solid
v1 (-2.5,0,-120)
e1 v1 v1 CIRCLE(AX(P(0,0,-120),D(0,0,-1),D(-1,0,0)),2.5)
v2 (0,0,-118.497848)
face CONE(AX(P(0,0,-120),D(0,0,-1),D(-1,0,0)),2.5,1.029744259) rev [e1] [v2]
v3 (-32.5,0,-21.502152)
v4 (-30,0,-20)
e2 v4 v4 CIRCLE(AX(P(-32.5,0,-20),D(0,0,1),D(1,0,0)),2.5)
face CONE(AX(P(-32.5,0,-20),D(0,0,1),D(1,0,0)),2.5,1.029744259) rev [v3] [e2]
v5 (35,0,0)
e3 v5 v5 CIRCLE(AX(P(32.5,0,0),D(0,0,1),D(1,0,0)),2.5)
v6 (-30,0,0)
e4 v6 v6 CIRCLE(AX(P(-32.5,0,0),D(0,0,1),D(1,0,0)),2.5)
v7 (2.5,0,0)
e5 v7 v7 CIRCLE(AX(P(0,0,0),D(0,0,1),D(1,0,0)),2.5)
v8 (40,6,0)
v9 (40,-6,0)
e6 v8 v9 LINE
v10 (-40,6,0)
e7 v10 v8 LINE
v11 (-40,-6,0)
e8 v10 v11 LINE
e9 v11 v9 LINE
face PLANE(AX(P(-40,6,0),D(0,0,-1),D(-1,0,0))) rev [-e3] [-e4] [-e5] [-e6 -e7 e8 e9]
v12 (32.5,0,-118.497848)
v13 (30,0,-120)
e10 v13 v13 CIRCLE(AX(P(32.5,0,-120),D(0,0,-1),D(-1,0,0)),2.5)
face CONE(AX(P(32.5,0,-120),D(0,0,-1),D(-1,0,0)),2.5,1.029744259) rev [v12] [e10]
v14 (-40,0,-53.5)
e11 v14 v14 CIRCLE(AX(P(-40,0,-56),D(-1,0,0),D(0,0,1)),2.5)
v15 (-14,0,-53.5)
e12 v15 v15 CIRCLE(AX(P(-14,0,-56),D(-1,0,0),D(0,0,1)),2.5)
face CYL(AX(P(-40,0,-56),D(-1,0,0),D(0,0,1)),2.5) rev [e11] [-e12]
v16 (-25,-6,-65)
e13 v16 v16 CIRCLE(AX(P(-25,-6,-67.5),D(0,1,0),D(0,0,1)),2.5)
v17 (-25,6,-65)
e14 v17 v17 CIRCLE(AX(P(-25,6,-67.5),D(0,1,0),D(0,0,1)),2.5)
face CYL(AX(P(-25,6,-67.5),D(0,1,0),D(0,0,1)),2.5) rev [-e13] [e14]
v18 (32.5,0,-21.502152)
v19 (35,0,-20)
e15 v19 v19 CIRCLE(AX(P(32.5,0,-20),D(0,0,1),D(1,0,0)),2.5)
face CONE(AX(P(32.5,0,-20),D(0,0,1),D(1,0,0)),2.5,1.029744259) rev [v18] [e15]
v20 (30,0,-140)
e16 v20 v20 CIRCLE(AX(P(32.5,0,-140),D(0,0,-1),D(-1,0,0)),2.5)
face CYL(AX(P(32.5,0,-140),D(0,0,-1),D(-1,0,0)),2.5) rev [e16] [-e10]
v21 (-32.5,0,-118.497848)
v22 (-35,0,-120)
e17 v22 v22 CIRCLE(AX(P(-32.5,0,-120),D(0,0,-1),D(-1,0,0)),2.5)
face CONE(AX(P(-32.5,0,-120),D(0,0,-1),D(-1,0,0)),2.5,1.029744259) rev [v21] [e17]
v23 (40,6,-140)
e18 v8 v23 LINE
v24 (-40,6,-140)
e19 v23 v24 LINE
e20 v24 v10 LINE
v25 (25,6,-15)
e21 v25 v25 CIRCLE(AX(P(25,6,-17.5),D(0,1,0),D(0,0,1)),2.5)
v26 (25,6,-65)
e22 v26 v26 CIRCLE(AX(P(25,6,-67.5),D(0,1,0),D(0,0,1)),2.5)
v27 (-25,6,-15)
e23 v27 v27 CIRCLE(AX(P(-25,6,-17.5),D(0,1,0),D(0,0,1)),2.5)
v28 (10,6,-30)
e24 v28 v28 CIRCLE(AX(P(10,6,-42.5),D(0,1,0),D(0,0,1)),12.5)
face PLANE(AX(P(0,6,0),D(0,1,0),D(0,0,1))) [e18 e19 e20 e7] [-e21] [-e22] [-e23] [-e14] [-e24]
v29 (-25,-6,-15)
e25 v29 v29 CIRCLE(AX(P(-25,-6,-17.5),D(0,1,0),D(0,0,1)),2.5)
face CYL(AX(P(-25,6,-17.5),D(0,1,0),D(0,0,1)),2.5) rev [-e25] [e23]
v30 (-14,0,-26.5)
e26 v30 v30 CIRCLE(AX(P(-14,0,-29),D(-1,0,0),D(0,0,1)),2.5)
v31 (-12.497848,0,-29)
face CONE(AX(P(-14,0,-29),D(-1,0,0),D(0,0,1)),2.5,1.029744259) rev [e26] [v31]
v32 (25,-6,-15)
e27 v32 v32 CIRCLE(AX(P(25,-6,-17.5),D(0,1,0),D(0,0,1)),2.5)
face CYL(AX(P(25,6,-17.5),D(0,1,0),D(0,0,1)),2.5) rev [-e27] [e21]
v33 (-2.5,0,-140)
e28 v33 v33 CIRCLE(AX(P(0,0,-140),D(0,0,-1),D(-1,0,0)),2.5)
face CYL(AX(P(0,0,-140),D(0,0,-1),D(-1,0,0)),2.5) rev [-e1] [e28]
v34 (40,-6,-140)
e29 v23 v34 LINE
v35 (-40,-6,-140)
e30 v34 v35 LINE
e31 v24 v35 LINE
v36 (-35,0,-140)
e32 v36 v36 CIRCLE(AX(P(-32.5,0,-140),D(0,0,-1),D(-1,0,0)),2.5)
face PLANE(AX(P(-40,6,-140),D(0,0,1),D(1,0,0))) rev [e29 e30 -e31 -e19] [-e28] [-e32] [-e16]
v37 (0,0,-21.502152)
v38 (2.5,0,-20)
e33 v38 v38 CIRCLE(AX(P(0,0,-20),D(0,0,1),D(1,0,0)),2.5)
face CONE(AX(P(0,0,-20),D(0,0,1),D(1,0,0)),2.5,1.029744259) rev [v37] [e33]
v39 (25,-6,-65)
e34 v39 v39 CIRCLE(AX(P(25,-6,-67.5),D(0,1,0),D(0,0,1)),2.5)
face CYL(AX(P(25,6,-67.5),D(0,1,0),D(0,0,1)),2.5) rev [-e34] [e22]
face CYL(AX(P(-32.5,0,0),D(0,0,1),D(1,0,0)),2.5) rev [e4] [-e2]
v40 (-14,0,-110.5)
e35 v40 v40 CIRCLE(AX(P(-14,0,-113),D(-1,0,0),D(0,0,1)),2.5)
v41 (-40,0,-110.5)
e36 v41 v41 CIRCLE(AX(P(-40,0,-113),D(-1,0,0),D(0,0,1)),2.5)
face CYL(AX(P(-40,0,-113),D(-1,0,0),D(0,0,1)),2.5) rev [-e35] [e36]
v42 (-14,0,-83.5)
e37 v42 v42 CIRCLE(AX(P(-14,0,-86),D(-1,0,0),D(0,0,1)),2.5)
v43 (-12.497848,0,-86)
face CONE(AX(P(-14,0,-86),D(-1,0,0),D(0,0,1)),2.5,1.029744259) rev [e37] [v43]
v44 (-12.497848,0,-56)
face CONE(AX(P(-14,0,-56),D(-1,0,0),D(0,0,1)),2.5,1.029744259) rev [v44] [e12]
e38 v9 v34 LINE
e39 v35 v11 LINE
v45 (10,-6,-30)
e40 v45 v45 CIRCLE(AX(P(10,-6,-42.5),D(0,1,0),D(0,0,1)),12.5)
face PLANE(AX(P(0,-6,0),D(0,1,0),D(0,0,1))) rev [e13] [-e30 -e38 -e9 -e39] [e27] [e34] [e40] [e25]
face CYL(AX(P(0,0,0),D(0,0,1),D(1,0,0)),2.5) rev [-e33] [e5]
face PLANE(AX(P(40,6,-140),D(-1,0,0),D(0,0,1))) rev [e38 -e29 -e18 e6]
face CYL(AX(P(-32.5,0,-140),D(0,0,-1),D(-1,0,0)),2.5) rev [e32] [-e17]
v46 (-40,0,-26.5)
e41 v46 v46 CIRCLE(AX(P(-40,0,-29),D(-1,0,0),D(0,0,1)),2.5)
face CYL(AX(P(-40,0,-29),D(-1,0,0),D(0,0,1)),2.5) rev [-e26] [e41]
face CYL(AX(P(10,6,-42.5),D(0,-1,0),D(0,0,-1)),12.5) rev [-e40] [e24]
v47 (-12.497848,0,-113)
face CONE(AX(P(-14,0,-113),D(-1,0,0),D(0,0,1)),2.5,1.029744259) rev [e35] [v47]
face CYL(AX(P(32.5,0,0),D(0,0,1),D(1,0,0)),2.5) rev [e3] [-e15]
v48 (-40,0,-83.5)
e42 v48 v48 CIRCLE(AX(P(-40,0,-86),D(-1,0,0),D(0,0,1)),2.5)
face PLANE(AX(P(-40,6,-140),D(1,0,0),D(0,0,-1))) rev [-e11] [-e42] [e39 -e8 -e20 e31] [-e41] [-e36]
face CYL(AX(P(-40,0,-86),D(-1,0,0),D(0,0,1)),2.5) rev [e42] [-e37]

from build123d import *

# Parameters (mm, degrees)
SKETCH1_W                        = 80
SKETCH1_H                        = 140
SKETCH1_R                        = 12.5
BOSS_EXTRUDE1_DEPTH              = 6
TAP_DRILL_FOR_M6_TAP1_D          = 5
TAP_DRILL_FOR_M6_TAP2_AT_2_COUNT = 2
TAP_DRILL_FOR_M6_TAP2_AT_2_PITCH = 32.5
TAP_DRILL_FOR_M6_TAP2_AT_3_COUNT = 2
TAP_DRILL_FOR_M6_TAP2_AT_3_PITCH = 65
TAP_DRILL_FOR_M6_TAP3_D          = 5
TAP_DRILL_FOR_M6_TAP3_DEPTH      = 26
TAP_DRILL_FOR_M6_TAP3_TIP        = 1.502151548


with BuildPart() as part:
    # Sketch1 → Boss-Extrude1 (new body, symmetric)
    with BuildSketch(Plane(origin=(0, 0, 0), x_dir=(1, 0, 0), z_dir=(0, 1, 0))):
        with Locations((0, 70)):
            Rectangle(SKETCH1_W, SKETCH1_H)
        with Locations((10, 42.5)):
            Circle(SKETCH1_R, mode=Mode.SUBTRACT)
    extrude(amount=BOSS_EXTRUDE1_DEPTH, both=True)

    # Tap Drill for M6 Tap1 (through all)
    with Locations(Plane(origin=(0, 6, 0), x_dir=(1, 0, 0), z_dir=(0, 1, 0))):
        with Locations((-25, 67.5), (25, 67.5), (25, 17.5), (-25, 17.5)):
            Hole(TAP_DRILL_FOR_M6_TAP1_D / 2)

    # Sketch9 → Tap Drill for M6 Tap2 (revolve, cut)
    with BuildSketch(Plane(origin=(32.5, 0, 0), x_dir=(0, -1, 0), z_dir=(1, 0, 0))):
        Polygon((0, 0), (0, 21.502151548), (2.5, 20), (2.5, 0), align=None)
    tap_drill_for_m6_tap2 = revolve(axis=Axis((32.5, 0, 6.35), (0, 0, -1)), mode=Mode.SUBTRACT)

    # Tap Drill for M6 Tap2 at 2: Tap Drill for M6 Tap2 ×2
    with Locations(*[(-i * TAP_DRILL_FOR_M6_TAP2_AT_2_PITCH, 0, 0) for i in range(1, TAP_DRILL_FOR_M6_TAP2_AT_2_COUNT)]):
        add(tap_drill_for_m6_tap2, mode=Mode.SUBTRACT)

    # Tap Drill for M6 Tap2 at 3: Tap Drill for M6 Tap2 ×2
    with Locations(*[(-i * TAP_DRILL_FOR_M6_TAP2_AT_3_PITCH, 0, 0) for i in range(1, TAP_DRILL_FOR_M6_TAP2_AT_3_COUNT)]):
        add(tap_drill_for_m6_tap2, mode=Mode.SUBTRACT)

    # Mirror1: Tap Drill for M6 Tap2 across plane
    add(tap_drill_for_m6_tap2.mirror(Plane(origin=(0, 0, -70), x_dir=(1, 0, 0), z_dir=(0, 0, -1))), mode=Mode.SUBTRACT)

    # Mirror1 copy 1 sketch → Mirror1 copy 1 (revolve, cut)
    with BuildSketch(Plane(origin=(0, 0, -140), x_dir=(0, -1, 0), z_dir=(1, 0, 0))):
        Polygon((0, 0), (0, -21.502151548), (2.5, -20), (2.5, 0), align=None)
    revolve(axis=Axis((0, 0, -146.35), (0, 0, -1)), mode=Mode.SUBTRACT)

    # Mirror1 copy 2 sketch → Mirror1 copy 2 (revolve, cut)
    with BuildSketch(Plane(origin=(-32.5, 0, -140), x_dir=(0, -1, 0), z_dir=(1, 0, 0))):
        Polygon((0, 0), (0, -21.502151548), (2.5, -20), (2.5, 0), align=None)
    revolve(axis=Axis((-32.5, 0, -146.35), (0, 0, -1)), mode=Mode.SUBTRACT)

    # Tap Drill for M6 Tap3
    with Locations(Plane.ZY.offset(40)):
        with Locations((-113, 0), (-86, 0), (-56, 0), (-29, 0)):
            Hole(TAP_DRILL_FOR_M6_TAP3_D / 2, depth=TAP_DRILL_FOR_M6_TAP3_DEPTH)
            with Locations((0, 0, -(TAP_DRILL_FOR_M6_TAP3_DEPTH + TAP_DRILL_FOR_M6_TAP3_TIP / 2))):  # 118° drill point
                Cone(0, TAP_DRILL_FOR_M6_TAP3_D / 2, TAP_DRILL_FOR_M6_TAP3_TIP, mode=Mode.SUBTRACT)


solid = part.part
